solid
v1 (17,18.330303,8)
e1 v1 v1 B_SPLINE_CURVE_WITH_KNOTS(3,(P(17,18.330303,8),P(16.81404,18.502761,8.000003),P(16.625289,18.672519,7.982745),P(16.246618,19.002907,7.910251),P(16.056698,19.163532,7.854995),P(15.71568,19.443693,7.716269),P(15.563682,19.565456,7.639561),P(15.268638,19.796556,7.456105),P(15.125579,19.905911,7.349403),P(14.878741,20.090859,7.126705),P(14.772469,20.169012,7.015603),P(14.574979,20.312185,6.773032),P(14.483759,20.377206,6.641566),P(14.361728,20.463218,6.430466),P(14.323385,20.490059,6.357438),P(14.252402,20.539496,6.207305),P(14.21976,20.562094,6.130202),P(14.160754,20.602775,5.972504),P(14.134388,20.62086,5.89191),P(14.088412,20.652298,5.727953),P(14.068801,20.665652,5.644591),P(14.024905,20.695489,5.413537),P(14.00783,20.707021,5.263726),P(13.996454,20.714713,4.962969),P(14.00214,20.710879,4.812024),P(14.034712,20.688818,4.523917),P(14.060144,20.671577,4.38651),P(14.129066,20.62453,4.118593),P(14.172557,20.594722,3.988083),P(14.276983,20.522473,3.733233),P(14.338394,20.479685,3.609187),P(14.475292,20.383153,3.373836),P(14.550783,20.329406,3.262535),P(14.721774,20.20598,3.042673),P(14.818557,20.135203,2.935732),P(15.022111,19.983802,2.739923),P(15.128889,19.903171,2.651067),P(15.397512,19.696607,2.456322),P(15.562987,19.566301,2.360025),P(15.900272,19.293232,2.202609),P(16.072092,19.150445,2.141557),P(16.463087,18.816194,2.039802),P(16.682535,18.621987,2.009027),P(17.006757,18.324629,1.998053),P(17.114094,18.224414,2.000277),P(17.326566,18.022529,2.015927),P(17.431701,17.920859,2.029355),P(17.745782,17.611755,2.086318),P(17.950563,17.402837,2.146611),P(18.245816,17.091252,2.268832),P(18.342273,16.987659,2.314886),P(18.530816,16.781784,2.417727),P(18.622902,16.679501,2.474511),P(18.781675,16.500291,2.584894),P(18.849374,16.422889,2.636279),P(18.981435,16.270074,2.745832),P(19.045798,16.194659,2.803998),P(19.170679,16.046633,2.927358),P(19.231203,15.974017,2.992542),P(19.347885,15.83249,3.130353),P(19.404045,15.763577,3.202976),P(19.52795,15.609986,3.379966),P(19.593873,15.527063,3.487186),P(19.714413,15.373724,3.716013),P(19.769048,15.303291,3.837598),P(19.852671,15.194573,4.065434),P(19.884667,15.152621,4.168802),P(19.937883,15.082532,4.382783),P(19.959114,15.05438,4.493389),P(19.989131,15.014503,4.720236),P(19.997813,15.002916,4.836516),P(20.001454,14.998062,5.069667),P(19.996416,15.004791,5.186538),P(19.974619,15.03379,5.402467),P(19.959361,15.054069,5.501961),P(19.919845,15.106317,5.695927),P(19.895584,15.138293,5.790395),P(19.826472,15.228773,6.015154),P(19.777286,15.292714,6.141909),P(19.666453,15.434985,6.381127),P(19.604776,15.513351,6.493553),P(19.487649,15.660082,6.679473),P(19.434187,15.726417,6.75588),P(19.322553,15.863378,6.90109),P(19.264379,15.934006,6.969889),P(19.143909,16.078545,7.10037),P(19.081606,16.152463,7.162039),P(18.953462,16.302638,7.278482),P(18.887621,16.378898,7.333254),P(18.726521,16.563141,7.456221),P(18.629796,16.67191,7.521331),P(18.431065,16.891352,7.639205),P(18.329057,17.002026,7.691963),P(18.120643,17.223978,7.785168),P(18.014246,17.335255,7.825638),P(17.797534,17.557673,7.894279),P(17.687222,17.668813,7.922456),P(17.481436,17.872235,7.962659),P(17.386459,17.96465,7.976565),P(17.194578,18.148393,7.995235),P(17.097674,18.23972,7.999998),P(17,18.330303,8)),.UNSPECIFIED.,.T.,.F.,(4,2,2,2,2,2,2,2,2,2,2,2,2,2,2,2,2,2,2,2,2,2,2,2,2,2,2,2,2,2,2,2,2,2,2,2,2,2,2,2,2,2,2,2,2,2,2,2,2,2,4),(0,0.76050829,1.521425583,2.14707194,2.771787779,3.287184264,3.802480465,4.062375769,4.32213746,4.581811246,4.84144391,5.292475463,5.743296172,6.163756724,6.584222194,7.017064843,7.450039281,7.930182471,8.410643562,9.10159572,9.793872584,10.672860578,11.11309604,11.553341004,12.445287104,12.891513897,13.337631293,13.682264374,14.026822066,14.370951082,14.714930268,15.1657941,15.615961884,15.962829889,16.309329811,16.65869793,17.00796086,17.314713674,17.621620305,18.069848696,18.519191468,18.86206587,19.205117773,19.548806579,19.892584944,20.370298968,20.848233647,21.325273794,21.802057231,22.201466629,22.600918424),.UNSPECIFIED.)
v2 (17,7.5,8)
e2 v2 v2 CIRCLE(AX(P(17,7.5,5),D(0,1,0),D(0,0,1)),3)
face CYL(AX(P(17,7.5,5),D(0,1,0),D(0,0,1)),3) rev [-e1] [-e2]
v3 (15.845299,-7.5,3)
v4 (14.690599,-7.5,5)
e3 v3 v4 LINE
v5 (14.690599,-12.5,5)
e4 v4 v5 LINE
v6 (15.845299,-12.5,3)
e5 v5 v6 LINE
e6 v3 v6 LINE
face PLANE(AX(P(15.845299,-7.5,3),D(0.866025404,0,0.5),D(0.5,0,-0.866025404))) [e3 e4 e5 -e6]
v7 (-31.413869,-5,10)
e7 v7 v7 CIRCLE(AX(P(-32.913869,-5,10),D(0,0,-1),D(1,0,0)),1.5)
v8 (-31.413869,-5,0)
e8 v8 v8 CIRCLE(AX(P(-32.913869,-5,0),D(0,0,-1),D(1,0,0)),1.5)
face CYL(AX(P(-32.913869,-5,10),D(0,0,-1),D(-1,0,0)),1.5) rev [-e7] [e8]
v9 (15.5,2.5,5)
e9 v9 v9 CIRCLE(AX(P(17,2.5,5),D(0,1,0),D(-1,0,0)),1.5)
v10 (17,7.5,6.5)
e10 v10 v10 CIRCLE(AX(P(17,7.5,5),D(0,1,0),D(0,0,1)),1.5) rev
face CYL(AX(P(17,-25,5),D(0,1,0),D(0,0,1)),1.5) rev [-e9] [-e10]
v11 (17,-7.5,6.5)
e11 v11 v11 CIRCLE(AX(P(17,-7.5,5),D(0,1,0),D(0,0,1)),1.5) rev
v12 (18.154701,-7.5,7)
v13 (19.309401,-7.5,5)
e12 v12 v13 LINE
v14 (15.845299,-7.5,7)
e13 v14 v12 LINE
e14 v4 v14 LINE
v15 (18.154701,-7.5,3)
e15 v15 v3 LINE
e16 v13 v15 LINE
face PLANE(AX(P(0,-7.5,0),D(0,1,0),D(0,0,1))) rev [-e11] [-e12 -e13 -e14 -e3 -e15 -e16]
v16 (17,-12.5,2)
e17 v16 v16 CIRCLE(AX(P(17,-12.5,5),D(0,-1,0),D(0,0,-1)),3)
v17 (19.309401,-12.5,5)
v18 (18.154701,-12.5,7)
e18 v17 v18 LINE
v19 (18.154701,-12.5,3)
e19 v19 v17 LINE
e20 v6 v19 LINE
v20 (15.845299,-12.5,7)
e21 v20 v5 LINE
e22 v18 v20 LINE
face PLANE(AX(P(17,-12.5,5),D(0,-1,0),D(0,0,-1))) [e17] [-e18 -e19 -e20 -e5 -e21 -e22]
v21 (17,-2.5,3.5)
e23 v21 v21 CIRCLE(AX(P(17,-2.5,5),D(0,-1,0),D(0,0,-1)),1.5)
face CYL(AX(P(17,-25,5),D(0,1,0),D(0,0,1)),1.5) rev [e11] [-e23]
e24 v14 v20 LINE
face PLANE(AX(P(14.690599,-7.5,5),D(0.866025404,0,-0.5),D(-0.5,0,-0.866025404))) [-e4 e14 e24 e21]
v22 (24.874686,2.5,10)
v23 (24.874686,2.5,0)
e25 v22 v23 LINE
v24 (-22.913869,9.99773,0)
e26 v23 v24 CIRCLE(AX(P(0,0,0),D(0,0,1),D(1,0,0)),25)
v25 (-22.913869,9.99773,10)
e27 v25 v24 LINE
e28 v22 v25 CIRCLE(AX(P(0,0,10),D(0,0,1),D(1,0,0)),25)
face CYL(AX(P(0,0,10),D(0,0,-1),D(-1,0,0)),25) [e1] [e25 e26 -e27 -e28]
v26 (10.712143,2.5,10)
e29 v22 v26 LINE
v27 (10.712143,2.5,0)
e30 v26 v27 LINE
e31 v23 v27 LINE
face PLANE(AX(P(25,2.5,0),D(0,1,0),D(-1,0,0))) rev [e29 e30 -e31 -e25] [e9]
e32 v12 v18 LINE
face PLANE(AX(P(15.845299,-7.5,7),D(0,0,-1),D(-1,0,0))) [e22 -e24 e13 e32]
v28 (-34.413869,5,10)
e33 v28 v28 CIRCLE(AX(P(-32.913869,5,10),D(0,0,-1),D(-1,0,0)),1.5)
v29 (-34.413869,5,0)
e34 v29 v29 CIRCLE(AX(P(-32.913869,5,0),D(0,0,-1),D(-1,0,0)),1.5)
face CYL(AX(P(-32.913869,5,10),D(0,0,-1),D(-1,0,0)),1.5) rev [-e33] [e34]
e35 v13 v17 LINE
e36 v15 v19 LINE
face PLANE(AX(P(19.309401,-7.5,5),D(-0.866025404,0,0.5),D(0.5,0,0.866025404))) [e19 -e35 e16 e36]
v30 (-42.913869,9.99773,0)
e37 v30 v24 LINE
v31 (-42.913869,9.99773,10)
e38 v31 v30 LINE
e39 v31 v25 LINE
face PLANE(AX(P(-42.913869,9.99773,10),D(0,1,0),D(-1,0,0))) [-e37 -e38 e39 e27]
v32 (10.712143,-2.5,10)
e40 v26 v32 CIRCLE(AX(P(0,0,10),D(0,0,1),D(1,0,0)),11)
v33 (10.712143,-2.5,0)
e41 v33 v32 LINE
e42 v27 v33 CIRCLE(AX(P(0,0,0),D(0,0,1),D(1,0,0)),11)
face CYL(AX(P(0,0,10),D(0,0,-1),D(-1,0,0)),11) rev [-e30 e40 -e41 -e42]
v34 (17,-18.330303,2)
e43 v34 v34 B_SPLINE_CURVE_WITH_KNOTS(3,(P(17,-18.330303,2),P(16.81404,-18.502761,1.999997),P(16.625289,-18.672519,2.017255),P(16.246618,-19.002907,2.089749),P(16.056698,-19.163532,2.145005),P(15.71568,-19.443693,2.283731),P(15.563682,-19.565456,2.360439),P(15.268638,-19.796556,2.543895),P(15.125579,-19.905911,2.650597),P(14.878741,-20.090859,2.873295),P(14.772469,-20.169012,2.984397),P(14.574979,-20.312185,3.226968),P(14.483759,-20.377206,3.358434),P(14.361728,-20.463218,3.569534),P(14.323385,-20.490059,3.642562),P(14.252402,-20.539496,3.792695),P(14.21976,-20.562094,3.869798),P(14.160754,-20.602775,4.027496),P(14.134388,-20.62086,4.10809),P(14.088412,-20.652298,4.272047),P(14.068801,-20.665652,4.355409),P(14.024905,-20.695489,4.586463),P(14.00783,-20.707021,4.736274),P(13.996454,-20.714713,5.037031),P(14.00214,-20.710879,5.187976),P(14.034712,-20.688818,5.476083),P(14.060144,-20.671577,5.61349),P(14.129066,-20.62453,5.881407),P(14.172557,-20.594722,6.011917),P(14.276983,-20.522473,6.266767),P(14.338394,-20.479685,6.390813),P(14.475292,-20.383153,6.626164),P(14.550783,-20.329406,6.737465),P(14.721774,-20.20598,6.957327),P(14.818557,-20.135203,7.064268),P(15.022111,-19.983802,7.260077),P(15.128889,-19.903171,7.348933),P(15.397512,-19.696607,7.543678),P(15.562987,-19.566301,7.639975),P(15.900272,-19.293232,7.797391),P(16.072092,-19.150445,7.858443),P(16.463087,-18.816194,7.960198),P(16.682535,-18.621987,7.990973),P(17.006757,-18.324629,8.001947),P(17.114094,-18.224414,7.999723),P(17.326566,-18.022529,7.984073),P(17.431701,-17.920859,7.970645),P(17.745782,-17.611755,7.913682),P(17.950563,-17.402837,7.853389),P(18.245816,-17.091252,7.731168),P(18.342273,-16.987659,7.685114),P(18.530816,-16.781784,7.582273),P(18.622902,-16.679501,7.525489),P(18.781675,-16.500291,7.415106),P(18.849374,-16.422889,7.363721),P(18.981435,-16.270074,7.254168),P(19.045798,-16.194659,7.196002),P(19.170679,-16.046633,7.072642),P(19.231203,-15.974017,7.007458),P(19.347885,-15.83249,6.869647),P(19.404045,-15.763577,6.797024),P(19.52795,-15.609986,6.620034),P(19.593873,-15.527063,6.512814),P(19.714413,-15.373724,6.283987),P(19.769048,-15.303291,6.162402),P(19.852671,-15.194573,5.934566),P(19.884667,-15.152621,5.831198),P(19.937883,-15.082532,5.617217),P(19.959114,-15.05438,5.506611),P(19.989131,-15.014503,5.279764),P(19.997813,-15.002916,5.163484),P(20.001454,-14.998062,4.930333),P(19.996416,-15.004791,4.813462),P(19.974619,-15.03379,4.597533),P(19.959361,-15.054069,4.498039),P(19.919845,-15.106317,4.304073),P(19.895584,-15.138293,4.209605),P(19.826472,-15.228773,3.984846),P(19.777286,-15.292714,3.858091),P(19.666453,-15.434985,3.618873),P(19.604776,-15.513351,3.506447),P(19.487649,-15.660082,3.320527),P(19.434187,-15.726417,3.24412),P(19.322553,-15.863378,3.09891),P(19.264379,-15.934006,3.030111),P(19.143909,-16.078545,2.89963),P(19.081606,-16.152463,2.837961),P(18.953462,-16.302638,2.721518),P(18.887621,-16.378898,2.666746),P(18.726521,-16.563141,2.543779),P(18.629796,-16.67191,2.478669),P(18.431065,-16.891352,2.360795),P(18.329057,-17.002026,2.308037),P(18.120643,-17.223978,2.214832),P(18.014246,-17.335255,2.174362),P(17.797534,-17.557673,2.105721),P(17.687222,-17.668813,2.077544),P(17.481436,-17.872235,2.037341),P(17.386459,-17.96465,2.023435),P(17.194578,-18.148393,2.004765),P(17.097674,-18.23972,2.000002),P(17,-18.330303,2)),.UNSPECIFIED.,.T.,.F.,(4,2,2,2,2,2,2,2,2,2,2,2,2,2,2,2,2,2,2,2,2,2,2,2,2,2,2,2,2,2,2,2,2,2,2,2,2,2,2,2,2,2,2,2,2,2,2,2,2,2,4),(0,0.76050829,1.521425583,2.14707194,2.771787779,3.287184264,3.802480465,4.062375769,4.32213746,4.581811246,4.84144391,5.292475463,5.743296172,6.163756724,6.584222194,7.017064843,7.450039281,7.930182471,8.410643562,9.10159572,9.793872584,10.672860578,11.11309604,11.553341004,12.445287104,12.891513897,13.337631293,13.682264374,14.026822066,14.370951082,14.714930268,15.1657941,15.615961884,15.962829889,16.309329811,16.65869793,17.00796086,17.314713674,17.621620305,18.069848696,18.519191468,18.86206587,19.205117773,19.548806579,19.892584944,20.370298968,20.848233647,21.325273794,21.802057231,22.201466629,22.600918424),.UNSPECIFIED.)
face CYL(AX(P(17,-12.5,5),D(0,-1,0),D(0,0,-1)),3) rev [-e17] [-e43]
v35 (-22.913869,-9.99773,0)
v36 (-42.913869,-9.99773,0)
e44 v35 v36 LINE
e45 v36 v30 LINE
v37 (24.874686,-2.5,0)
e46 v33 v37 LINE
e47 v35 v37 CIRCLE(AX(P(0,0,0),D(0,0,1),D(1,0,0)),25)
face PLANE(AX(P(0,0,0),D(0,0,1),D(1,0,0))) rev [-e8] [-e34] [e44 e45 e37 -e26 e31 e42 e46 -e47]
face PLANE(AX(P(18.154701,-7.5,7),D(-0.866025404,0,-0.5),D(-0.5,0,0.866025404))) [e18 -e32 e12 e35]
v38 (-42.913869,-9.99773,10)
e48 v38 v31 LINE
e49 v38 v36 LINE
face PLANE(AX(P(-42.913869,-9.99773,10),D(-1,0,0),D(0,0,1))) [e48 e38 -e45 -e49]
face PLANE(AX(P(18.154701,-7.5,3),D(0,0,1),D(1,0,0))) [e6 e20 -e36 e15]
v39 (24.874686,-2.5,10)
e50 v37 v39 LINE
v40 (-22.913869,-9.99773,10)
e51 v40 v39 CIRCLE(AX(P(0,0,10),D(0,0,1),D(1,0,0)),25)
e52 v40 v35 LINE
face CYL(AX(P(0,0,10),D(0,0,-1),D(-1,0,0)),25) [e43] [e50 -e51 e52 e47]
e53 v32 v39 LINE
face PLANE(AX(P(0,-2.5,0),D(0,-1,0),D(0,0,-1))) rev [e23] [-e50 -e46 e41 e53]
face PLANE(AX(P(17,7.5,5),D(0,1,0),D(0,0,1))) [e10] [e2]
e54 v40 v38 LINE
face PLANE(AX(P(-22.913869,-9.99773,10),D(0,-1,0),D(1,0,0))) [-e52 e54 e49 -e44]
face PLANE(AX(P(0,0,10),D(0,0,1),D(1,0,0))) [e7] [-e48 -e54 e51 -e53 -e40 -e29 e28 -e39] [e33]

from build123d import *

# Parameters (mm, degrees)
SKETCH1_R               = 25
SKETCH1_R_2             = 11
BOSS_EXTRUDE1_DEPTH     = 10
CUT_EXTRUDE1_DEPTH      = 10
SKETCH5_R               = 1.5
CUT_EXTRUDE4_DEPTH      = 28.5
CUT_EXTRUDE4_DEPTH_BACK = 23.5
CUT_EXTRUDE5_START      = 30
SKETCH6_R               = 3
CUT_EXTRUDE5_DEPTH      = 20
CUT_EXTRUDE6_START      = -30
CUT_EXTRUDE6_DEPTH      = 25
CUT_EXTRUDE8_START      = 20
SKETCH8_R               = 3
CUT_EXTRUDE8_DEPTH      = 15
SKETCH9_W               = 20
SKETCH9_H               = 19.995459106
SKETCH9_R               = 1.5
BOSS_EXTRUDE2_DEPTH     = 10


with BuildPart() as part:
    # Sketch1 → Boss-Extrude1 (new body)
    with BuildSketch(Plane.XY):
        Circle(SKETCH1_R)
        Circle(SKETCH1_R_2, mode=Mode.SUBTRACT)
    extrude(amount=BOSS_EXTRUDE1_DEPTH)

    # Sketch2 → Cut-Extrude1 (cut)
    with BuildSketch(Plane.XY.offset(10)):
        Polygon((25, 0), (25, 2.5), (0, 2.5), (0, 0), (0, -2.5), (25, -2.5), align=None)
    extrude(amount=-CUT_EXTRUDE1_DEPTH, mode=Mode.SUBTRACT)

    # Sketch5 → Cut-Extrude4 (cut, two sides)
    with BuildSketch(Plane(origin=(0, -2.5, 0), x_dir=(1, 0, 0), z_dir=(0, 1, 0))) as cut_extrude4_sk:
        with Locations((17, -5)):
            Circle(SKETCH5_R)
    extrude(amount=CUT_EXTRUDE4_DEPTH, mode=Mode.SUBTRACT)
    extrude(cut_extrude4_sk.sketch, amount=-CUT_EXTRUDE4_DEPTH_BACK, mode=Mode.SUBTRACT)

    # Sketch6 → Cut-Extrude5 (cut)
    with BuildSketch(Plane(origin=(0, -2.5, 0), x_dir=(1, 0, 0), z_dir=(0, 1, 0)).offset(CUT_EXTRUDE5_START)):
        with Locations((17, -5)):
            Circle(SKETCH6_R)
    extrude(amount=-CUT_EXTRUDE5_DEPTH, mode=Mode.SUBTRACT)

    # Sketch7 → Cut-Extrude6 (cut)
    with BuildSketch(Plane(origin=(0, -2.5, 0), x_dir=(1, 0, 0), z_dir=(0, 1, 0)).offset(CUT_EXTRUDE6_START)):
        Polygon((19.309401077, -5), (18.154700538, -3), (15.845299462, -3), (14.690598923, -5), (15.845299462, -7), (18.154700538, -7), align=None)
    extrude(amount=CUT_EXTRUDE6_DEPTH, mode=Mode.SUBTRACT)

    # Sketch8 → Cut-Extrude8 (cut)
    with BuildSketch(Plane.XZ.offset(7.5).offset(CUT_EXTRUDE8_START)):
        with Locations((17, 5)):
            Circle(SKETCH8_R)
    extrude(amount=-CUT_EXTRUDE8_DEPTH, mode=Mode.SUBTRACT)

    # Sketch9 → Boss-Extrude2 (add)
    with BuildSketch(Plane(origin=(0, 0, 0), x_dir=(-1, 0, 0), z_dir=(0, 0, -1))):
        with Locations((32.913869245, 0)):
            Rectangle(SKETCH9_W, SKETCH9_H)
        with Locations((32.913869245, 5)):
            Circle(SKETCH9_R, mode=Mode.SUBTRACT)
        with Locations((32.913869245, -5)):
            Circle(SKETCH9_R, mode=Mode.SUBTRACT)
    extrude(amount=-BOSS_EXTRUDE2_DEPTH)


solid = part.part
